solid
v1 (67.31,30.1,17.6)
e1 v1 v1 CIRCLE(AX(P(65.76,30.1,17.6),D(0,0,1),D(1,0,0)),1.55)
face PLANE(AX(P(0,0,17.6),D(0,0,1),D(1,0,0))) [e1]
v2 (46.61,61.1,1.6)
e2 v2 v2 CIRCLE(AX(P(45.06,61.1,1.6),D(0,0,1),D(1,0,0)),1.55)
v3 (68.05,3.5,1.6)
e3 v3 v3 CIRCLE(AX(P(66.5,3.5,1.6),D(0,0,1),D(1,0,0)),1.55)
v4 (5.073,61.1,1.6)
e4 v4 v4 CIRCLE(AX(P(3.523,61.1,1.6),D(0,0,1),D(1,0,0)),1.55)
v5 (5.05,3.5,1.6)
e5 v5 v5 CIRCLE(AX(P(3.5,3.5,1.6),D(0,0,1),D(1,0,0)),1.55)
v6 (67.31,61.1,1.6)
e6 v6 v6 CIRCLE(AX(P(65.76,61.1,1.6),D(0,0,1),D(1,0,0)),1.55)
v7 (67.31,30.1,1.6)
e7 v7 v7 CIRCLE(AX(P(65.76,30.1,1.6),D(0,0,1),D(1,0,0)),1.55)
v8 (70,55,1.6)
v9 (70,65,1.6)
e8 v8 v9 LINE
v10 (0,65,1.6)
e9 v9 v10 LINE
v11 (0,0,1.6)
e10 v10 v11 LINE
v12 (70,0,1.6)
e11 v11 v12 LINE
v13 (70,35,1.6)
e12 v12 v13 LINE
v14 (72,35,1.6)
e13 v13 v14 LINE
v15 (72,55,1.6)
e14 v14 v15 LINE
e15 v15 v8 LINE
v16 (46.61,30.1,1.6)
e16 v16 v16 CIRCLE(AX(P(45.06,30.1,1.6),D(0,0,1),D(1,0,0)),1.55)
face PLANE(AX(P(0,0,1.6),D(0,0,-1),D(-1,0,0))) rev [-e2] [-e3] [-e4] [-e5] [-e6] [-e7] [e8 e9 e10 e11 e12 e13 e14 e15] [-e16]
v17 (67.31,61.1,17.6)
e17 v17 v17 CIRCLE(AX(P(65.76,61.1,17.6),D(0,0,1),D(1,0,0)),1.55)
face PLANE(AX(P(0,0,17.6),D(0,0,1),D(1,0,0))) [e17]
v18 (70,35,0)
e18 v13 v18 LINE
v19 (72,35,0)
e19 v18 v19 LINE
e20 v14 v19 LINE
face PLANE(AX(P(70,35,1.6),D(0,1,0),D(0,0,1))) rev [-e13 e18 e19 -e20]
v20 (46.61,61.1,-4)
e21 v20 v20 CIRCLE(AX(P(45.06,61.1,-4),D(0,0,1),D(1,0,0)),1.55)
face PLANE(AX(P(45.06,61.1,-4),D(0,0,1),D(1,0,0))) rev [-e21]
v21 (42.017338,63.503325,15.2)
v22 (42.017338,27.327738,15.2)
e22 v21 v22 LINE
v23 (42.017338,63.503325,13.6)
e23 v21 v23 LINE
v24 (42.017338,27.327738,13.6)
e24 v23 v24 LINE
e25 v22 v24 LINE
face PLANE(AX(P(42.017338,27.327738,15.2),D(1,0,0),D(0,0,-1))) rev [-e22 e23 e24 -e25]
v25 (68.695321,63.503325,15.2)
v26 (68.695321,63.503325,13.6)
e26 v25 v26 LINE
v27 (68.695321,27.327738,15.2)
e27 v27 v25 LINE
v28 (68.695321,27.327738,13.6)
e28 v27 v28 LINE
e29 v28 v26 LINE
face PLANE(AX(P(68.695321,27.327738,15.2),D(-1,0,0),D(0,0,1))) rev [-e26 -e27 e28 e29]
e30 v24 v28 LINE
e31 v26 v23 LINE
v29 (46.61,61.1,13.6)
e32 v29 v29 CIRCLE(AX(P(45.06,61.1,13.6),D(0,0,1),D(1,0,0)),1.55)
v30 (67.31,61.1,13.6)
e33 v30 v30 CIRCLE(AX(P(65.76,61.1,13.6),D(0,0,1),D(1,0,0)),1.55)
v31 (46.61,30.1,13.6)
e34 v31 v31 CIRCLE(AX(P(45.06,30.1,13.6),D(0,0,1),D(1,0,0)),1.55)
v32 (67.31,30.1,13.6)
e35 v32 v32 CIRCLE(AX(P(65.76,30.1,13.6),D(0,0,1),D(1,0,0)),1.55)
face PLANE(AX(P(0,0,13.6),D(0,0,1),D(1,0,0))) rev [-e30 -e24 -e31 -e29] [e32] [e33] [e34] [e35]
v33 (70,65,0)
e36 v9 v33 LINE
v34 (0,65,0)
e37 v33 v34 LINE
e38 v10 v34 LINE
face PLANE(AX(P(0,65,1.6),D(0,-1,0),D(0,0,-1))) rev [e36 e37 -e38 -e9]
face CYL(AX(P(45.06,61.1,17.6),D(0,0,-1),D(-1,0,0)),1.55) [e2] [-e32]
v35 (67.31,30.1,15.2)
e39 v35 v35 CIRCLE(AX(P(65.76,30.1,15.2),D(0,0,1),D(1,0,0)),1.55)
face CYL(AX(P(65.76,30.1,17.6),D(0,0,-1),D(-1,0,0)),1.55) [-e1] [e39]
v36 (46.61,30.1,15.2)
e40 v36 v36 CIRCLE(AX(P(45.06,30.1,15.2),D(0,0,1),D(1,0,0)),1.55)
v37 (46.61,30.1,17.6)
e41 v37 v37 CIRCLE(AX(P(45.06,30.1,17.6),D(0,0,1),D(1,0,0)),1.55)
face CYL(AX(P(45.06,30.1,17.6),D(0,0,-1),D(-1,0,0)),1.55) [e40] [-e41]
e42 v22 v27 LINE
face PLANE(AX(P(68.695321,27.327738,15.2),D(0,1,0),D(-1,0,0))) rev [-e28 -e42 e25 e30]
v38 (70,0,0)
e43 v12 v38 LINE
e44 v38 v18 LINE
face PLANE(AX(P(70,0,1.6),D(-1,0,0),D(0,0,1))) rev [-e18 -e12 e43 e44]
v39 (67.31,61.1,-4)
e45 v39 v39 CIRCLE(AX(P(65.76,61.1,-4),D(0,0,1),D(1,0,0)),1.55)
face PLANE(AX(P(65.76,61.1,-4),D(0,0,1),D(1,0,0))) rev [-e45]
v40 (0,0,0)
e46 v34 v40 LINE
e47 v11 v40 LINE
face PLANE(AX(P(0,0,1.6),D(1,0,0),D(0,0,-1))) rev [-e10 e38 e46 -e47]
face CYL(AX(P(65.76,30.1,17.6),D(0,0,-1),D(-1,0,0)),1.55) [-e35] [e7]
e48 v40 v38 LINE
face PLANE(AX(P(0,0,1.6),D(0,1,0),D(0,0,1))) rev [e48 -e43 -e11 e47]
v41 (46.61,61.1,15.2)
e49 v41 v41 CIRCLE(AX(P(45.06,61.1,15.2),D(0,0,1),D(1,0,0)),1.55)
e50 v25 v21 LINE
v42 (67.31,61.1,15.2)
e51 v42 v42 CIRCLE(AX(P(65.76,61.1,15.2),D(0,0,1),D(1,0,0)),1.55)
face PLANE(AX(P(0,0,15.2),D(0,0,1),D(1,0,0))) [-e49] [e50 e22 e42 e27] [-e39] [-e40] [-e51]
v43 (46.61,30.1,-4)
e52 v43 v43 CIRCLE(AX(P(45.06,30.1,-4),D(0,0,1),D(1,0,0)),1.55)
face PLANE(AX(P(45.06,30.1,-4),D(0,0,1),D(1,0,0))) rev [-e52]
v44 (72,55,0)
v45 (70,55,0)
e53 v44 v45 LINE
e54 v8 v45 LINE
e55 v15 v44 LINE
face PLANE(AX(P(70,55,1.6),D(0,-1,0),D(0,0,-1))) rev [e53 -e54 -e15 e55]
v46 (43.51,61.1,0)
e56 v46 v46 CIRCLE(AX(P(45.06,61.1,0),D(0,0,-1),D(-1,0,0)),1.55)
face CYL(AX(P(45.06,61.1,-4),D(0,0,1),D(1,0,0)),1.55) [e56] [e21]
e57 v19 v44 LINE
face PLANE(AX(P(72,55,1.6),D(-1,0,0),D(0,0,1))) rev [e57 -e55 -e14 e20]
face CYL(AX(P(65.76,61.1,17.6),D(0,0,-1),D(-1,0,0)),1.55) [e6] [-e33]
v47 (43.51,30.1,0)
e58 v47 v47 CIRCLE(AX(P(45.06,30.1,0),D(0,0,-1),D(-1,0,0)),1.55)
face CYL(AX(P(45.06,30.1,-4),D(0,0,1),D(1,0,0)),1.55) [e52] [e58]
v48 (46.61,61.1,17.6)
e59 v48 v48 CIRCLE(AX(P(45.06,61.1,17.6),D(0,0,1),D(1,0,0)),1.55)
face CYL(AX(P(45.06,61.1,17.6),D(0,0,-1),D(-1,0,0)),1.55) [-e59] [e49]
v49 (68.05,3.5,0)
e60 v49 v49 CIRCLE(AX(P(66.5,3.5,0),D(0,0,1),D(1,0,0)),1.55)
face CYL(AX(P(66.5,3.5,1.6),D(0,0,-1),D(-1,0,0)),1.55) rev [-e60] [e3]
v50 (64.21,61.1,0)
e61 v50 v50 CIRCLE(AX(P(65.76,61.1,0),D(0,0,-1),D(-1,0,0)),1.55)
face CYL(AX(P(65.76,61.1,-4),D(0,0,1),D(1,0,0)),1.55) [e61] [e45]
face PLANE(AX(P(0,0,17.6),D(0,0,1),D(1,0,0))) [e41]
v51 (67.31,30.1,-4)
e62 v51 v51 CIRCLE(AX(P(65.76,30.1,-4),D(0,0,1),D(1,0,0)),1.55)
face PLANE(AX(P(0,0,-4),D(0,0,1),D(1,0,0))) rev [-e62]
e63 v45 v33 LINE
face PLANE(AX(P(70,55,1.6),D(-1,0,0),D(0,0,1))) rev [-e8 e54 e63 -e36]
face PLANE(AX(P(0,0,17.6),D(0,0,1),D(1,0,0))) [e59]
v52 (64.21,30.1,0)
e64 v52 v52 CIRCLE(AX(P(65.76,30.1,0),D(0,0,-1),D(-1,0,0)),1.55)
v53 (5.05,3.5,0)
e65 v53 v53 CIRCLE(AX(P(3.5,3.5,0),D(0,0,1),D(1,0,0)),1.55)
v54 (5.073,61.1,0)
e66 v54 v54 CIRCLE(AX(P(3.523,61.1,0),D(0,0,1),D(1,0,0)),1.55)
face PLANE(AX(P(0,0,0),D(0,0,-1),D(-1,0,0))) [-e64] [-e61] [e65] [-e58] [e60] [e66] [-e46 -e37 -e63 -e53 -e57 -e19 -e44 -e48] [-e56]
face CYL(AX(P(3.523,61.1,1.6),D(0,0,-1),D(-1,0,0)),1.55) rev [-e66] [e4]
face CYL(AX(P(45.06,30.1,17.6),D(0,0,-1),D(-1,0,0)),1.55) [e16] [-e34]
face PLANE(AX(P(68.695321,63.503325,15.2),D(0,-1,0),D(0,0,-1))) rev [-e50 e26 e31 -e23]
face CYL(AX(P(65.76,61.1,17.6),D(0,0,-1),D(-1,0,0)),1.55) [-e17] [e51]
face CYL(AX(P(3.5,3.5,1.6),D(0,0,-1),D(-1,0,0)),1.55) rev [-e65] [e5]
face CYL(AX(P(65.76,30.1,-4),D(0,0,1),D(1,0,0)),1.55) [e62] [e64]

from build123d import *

# Parameters (mm, degrees)
SKETCH1_R             = 1.55
BOSS_EXTRUDE1_DEPTH   = 1.6
SKETCH1_3_R           = 1.55
BOSS_EXTRUDE2_DEPTH   = 4
BOSS_EXTRUDE2_2_DEPTH = 4
BOSS_EXTRUDE2_3_DEPTH = 4
BOSS_EXTRUDE2_4_DEPTH = 4
SKETCH1_4_R           = 1.55
BOSS_EXTRUDE3_DEPTH   = 17.6
BOSS_EXTRUDE4_START   = 12
SKETCH2_W             = 26.677983171
SKETCH2_H             = 36.175587157
BOSS_EXTRUDE4_DEPTH   = 1.6


with BuildPart() as part:
    # Sketch1 → Boss-Extrude1 (new body)
    with BuildSketch(Plane.XY):
        Polygon((70, 55), (70, 65), (0, 65), (0, 0), (70, 0), (70, 35), (72, 35), (72, 55), align=None)
        with Locations((3.523, 61.1)):
            Circle(SKETCH1_R, mode=Mode.SUBTRACT)
        with Locations((3.5, 3.5)):
            Circle(SKETCH1_R, mode=Mode.SUBTRACT)
        with Locations((66.5, 3.5)):
            Circle(SKETCH1_R, mode=Mode.SUBTRACT)
        with Locations((45.06, 61.1)):
            Circle(SKETCH1_R, mode=Mode.SUBTRACT)
        with Locations((65.76, 61.1)):
            Circle(SKETCH1_R, mode=Mode.SUBTRACT)
        with Locations((45.06, 30.1)):
            Circle(SKETCH1_R, mode=Mode.SUBTRACT)
        with Locations((65.76, 30.1)):
            Circle(SKETCH1_R, mode=Mode.SUBTRACT)
    extrude(amount=BOSS_EXTRUDE1_DEPTH)



with BuildPart() as body_2:
    # Sketch1<3> → Boss-Extrude2 (new body)
    with BuildSketch(Plane.XY):
        with Locations((45.06, 61.1)):
            Circle(SKETCH1_3_R)
    extrude(amount=-BOSS_EXTRUDE2_DEPTH)


with BuildPart() as body_3:
    # Sketch1<3> → Boss-Extrude2 2 (new body)
    with BuildSketch(Plane.XY):
        with Locations((65.76, 61.1)):
            Circle(SKETCH1_3_R)
    extrude(amount=-BOSS_EXTRUDE2_2_DEPTH)


with BuildPart() as body_4:
    # Sketch1<3> → Boss-Extrude2 3 (new body)
    with BuildSketch(Plane.XY):
        with Locations((45.06, 30.1)):
            Circle(SKETCH1_3_R)
    extrude(amount=-BOSS_EXTRUDE2_3_DEPTH)


with BuildPart() as body_5:
    # Sketch1<3> → Boss-Extrude2 4 (new body)
    with BuildSketch(Plane.XY):
        with Locations((65.76, 30.1)):
            Circle(SKETCH1_3_R)
    extrude(amount=-BOSS_EXTRUDE2_4_DEPTH)


with BuildPart() as part_1:
    add(part.part)

    add(body_2.part)  # Boss-Extrude3 merges body 2

    add(body_3.part)  # Boss-Extrude3 merges body 3

    add(body_4.part)  # Boss-Extrude3 merges body 4

    add(body_5.part)  # Boss-Extrude3 merges body 5
    # Sketch1<4> → Boss-Extrude3 (add)
    with BuildSketch(Plane.XY):
        with Locations((45.06, 61.1)):
            Circle(SKETCH1_4_R)
        with Locations((65.76, 61.1)):
            Circle(SKETCH1_4_R)
        with Locations((45.06, 30.1)):
            Circle(SKETCH1_4_R)
        with Locations((65.76, 30.1)):
            Circle(SKETCH1_4_R)
    extrude(amount=BOSS_EXTRUDE3_DEPTH)

    # Sketch2 → Boss-Extrude4 (add)
    with BuildSketch(Plane.XY.offset(1.6).offset(BOSS_EXTRUDE4_START)):
        with Locations((55.356329563, 45.415531536)):
            Rectangle(SKETCH2_W, SKETCH2_H)
    extrude(amount=BOSS_EXTRUDE4_DEPTH)


solid = part_1.part
